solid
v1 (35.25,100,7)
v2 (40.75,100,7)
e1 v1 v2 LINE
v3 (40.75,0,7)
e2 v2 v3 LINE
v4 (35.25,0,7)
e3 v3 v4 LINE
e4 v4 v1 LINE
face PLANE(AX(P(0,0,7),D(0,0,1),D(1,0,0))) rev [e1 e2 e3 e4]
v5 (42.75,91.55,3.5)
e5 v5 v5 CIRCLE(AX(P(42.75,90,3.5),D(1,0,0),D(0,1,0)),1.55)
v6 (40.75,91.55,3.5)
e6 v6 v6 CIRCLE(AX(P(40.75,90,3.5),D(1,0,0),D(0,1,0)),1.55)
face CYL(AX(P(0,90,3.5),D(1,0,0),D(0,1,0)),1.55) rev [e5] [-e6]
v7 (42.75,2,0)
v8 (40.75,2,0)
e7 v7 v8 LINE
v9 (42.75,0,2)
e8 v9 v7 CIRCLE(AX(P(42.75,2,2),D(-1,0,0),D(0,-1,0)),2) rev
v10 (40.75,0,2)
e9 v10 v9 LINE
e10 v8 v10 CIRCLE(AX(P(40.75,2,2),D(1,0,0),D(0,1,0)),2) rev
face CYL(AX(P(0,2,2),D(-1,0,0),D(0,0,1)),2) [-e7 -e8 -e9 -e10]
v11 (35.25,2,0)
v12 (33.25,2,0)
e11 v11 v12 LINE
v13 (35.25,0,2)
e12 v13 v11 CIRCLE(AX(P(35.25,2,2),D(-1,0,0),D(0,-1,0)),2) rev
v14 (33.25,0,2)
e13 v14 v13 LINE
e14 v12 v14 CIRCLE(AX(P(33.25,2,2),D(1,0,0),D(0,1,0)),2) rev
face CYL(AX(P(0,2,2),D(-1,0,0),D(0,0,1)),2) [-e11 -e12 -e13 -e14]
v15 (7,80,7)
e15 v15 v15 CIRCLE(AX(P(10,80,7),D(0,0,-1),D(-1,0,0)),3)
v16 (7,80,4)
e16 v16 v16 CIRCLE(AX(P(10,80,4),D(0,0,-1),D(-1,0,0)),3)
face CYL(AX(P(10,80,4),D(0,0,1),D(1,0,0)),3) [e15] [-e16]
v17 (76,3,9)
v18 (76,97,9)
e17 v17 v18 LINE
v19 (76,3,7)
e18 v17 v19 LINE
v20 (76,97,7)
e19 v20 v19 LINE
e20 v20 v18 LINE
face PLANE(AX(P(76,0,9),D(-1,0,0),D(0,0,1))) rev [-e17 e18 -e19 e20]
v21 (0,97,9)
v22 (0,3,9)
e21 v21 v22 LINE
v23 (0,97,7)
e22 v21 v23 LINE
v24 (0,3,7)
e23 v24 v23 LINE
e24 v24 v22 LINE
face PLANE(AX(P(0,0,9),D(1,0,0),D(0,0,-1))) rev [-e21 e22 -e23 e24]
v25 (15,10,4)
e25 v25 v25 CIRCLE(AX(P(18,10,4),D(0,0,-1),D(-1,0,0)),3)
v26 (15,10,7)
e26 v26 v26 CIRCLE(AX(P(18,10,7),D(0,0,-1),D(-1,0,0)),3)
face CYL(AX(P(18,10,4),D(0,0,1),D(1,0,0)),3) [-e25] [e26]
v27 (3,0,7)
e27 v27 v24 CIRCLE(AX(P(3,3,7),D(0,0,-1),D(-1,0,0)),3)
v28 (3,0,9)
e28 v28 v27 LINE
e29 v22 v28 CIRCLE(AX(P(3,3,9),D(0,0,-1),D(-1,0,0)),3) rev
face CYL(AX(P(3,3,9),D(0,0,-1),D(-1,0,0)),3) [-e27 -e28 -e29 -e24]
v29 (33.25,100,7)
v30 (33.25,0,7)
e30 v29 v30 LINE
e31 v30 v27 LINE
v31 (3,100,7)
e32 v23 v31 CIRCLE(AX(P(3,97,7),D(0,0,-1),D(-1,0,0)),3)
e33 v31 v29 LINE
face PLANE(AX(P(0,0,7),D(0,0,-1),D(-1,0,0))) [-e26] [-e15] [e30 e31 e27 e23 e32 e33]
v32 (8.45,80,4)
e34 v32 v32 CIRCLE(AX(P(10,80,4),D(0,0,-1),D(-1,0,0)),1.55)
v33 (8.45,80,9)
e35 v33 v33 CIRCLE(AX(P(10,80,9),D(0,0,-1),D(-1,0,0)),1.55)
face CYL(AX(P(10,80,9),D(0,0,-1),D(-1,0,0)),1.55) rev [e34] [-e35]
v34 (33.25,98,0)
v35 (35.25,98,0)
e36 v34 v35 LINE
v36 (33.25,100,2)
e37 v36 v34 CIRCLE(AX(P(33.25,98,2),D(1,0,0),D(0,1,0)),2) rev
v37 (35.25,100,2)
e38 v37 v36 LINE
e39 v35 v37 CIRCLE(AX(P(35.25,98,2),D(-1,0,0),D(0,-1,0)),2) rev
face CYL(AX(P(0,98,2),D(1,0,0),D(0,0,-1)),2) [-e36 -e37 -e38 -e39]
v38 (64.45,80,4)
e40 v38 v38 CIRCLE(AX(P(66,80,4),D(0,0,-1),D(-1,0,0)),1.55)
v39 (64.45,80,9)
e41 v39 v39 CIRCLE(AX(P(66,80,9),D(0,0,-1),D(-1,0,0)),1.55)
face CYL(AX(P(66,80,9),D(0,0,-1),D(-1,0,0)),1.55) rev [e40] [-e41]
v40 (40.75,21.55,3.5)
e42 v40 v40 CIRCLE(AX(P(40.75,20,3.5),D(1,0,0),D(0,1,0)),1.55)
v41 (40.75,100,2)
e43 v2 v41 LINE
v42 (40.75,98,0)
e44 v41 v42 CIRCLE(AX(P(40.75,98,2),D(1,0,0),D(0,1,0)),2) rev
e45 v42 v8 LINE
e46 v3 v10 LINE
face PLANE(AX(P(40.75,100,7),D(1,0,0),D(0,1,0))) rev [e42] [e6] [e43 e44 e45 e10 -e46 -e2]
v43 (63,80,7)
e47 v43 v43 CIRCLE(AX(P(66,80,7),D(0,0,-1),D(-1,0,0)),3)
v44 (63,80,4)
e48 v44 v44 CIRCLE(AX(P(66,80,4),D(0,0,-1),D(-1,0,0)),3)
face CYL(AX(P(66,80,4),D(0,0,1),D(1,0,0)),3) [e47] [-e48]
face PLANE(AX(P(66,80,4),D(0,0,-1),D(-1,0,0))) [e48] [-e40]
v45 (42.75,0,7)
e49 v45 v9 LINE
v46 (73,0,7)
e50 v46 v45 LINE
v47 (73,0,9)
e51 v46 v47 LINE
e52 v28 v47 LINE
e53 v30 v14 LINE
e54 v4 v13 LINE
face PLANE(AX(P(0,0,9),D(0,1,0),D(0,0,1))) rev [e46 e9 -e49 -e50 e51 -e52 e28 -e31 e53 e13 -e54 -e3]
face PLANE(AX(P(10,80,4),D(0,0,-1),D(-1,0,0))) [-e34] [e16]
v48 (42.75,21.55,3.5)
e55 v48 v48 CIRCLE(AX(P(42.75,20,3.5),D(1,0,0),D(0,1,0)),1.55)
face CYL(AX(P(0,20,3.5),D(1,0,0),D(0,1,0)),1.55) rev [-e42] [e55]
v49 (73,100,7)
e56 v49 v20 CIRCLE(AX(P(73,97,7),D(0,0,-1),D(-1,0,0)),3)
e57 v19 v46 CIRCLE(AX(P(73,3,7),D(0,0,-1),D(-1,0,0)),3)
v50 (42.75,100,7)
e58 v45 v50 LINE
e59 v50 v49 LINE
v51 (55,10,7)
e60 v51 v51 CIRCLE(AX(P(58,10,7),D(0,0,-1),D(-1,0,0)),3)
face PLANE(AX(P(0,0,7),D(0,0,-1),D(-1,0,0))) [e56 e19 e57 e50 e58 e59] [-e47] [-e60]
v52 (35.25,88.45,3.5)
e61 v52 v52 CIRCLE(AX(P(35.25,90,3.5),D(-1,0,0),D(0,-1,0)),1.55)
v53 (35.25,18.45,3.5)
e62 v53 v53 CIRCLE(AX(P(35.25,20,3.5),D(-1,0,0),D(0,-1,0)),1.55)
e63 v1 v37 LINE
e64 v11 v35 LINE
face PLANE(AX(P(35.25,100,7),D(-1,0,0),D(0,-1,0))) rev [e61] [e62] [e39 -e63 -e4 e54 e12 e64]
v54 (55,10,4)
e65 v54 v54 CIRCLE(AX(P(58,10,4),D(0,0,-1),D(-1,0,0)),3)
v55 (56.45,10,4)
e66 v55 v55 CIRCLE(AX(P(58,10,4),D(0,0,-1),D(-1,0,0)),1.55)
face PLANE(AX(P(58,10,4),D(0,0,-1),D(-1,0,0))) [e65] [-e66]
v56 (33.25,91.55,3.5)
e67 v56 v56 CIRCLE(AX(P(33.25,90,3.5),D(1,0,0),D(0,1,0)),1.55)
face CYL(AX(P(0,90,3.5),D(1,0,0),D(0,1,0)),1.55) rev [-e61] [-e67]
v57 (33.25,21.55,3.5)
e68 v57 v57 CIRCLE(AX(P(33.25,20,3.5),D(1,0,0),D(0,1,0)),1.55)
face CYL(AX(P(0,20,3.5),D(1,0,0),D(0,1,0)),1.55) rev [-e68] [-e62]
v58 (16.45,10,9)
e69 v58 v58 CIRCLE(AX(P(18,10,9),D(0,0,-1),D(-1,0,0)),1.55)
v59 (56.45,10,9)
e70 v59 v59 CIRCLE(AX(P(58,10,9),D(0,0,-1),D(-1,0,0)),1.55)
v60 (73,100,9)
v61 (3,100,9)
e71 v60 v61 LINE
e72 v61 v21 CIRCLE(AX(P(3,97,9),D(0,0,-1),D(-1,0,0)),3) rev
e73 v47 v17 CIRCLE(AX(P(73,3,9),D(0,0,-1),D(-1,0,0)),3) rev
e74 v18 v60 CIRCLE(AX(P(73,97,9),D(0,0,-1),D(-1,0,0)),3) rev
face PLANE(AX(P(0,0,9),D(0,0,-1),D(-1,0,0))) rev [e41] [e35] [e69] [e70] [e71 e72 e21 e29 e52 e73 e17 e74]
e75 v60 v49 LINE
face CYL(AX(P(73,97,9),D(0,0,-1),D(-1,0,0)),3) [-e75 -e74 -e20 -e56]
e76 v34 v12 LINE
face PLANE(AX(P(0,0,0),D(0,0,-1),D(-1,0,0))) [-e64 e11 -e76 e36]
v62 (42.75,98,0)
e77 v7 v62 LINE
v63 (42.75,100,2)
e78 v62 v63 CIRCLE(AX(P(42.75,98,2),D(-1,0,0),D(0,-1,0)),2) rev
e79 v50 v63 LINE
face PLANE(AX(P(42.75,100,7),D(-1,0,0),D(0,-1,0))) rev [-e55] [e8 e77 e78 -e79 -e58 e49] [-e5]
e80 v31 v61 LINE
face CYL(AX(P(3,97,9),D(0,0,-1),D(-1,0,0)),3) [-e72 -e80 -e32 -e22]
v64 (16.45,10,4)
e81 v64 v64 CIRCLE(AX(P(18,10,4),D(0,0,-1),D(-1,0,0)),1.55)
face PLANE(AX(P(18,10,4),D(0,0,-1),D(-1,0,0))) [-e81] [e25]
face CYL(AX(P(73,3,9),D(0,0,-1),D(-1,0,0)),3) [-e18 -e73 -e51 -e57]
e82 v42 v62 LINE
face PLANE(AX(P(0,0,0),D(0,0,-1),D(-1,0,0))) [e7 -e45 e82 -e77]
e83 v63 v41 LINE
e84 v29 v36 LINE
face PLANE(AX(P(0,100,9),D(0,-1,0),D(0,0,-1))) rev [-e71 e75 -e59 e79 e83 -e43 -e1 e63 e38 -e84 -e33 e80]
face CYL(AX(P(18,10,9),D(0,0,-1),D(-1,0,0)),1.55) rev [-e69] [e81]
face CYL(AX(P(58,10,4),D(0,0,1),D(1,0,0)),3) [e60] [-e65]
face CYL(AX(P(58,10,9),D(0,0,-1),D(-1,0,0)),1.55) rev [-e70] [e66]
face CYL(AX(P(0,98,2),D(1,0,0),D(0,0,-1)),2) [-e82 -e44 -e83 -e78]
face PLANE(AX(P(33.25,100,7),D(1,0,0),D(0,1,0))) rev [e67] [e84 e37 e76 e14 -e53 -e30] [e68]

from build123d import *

# Parameters (mm, degrees)
ESQUISSE1_W                  = 76
ESQUISSE1_H                  = 100
BOSS_EXTRU_1_DEPTH           = 9
ESQUISSE2_W                  = 33.25
ESQUISSE2_H                  = 100
ESQUISSE2_W_2                = 5.5
ENL_V_MAT_EXTRU_1_DEPTH      = 7
ESQUISSE3_R                  = 1.55
ENL_V_MAT_EXTRU_2_DEPTH      = 43.75
CONG_1_R                     = 3
CONG_2_R                     = 2
ESQUISSE9_R                  = 3
BOSS_EXTRU_2_DEPTH           = 3
ESQUISSE5_R                  = 1.55
ENL_V_MAT_EXTRU_4_DEPTH      = 8
ENL_V_MAT_EXTRU_4_DEPTH_BACK = 3


with BuildPart() as part:
    # Esquisse1 → Boss.-Extru.1 (new body)
    with BuildSketch(Plane.XY):
        with Locations((38, 50)):
            Rectangle(ESQUISSE1_W, ESQUISSE1_H)
    extrude(amount=BOSS_EXTRU_1_DEPTH)

    # Esquisse2 → Enlèv. mat.-Extru.1 (cut)
    with BuildSketch(Plane(origin=(0, 0, 0), x_dir=(-1, 0, 0), z_dir=(0, 0, -1))):
        with Locations((-16.625, 50)):
            Rectangle(ESQUISSE2_W, ESQUISSE2_H)
        with Locations((-59.375, 50)):
            Rectangle(ESQUISSE2_W, ESQUISSE2_H)
        with Locations((-38, 50)):
            Rectangle(ESQUISSE2_W_2, ESQUISSE2_H)
    extrude(amount=-ENL_V_MAT_EXTRU_1_DEPTH, mode=Mode.SUBTRACT)

    # Esquisse3 → Enlèv. mat.-Extru.2 (cut, through all)
    with BuildSketch(Plane(origin=(42.75, 0, 0), x_dir=(0, 0, -1), z_dir=(1, 0, 0))):
        with Locations((-3.5, 20)):
            Circle(ESQUISSE3_R)
        with Locations((-3.5, 90)):
            Circle(ESQUISSE3_R)
    extrude(amount=-ENL_V_MAT_EXTRU_2_DEPTH, mode=Mode.SUBTRACT)

    # Congé1
    cong_1_edges = [part.edges().sort_by_distance(p)[0] for p in [
        (0, 100, 8),
        (76, 100, 8),
        (76, 0, 8),
        (0, 0, 8),
    ]]
    fillet(cong_1_edges, radius=CONG_1_R)

    # Congé2
    cong_2_edges = [part.edges().sort_by_distance(p)[0] for p in [
        (41.75, 100, 0),
        (34.25, 100, 0),
        (34.25, 0, 0),
        (41.75, 0, 0),
    ]]
    fillet(cong_2_edges, radius=CONG_2_R)

    # Esquisse9 → Boss.-Extru.2 (add)
    with BuildSketch(Plane(origin=(0, 0, 7), x_dir=(-1, 0, 0), z_dir=(0, 0, -1))):
        with Locations((-66, 80)):
            Circle(ESQUISSE9_R)
        with Locations((-10, 80)):
            Circle(ESQUISSE9_R)
        with Locations((-18, 10)):
            Circle(ESQUISSE9_R)
        with Locations((-58, 10)):
            Circle(ESQUISSE9_R)
    extrude(amount=BOSS_EXTRU_2_DEPTH)

    # Esquisse5 → Enlèv. mat.-Extru.4 (cut, two sides)
    with BuildSketch(Plane(origin=(0, 0, 7), x_dir=(-1, 0, 0), z_dir=(0, 0, -1))) as enl_v_mat_extru_4_sk:
        with Locations((-66, 80)):
            Circle(ESQUISSE5_R)
        with Locations((-58, 10)):
            Circle(ESQUISSE5_R)
        with Locations((-18, 10)):
            Circle(ESQUISSE5_R)
        with Locations((-10, 80)):
            Circle(ESQUISSE5_R)
    extrude(amount=ENL_V_MAT_EXTRU_4_DEPTH, mode=Mode.SUBTRACT)
    extrude(enl_v_mat_extru_4_sk.sketch, amount=-ENL_V_MAT_EXTRU_4_DEPTH_BACK, mode=Mode.SUBTRACT)


solid = part.part
